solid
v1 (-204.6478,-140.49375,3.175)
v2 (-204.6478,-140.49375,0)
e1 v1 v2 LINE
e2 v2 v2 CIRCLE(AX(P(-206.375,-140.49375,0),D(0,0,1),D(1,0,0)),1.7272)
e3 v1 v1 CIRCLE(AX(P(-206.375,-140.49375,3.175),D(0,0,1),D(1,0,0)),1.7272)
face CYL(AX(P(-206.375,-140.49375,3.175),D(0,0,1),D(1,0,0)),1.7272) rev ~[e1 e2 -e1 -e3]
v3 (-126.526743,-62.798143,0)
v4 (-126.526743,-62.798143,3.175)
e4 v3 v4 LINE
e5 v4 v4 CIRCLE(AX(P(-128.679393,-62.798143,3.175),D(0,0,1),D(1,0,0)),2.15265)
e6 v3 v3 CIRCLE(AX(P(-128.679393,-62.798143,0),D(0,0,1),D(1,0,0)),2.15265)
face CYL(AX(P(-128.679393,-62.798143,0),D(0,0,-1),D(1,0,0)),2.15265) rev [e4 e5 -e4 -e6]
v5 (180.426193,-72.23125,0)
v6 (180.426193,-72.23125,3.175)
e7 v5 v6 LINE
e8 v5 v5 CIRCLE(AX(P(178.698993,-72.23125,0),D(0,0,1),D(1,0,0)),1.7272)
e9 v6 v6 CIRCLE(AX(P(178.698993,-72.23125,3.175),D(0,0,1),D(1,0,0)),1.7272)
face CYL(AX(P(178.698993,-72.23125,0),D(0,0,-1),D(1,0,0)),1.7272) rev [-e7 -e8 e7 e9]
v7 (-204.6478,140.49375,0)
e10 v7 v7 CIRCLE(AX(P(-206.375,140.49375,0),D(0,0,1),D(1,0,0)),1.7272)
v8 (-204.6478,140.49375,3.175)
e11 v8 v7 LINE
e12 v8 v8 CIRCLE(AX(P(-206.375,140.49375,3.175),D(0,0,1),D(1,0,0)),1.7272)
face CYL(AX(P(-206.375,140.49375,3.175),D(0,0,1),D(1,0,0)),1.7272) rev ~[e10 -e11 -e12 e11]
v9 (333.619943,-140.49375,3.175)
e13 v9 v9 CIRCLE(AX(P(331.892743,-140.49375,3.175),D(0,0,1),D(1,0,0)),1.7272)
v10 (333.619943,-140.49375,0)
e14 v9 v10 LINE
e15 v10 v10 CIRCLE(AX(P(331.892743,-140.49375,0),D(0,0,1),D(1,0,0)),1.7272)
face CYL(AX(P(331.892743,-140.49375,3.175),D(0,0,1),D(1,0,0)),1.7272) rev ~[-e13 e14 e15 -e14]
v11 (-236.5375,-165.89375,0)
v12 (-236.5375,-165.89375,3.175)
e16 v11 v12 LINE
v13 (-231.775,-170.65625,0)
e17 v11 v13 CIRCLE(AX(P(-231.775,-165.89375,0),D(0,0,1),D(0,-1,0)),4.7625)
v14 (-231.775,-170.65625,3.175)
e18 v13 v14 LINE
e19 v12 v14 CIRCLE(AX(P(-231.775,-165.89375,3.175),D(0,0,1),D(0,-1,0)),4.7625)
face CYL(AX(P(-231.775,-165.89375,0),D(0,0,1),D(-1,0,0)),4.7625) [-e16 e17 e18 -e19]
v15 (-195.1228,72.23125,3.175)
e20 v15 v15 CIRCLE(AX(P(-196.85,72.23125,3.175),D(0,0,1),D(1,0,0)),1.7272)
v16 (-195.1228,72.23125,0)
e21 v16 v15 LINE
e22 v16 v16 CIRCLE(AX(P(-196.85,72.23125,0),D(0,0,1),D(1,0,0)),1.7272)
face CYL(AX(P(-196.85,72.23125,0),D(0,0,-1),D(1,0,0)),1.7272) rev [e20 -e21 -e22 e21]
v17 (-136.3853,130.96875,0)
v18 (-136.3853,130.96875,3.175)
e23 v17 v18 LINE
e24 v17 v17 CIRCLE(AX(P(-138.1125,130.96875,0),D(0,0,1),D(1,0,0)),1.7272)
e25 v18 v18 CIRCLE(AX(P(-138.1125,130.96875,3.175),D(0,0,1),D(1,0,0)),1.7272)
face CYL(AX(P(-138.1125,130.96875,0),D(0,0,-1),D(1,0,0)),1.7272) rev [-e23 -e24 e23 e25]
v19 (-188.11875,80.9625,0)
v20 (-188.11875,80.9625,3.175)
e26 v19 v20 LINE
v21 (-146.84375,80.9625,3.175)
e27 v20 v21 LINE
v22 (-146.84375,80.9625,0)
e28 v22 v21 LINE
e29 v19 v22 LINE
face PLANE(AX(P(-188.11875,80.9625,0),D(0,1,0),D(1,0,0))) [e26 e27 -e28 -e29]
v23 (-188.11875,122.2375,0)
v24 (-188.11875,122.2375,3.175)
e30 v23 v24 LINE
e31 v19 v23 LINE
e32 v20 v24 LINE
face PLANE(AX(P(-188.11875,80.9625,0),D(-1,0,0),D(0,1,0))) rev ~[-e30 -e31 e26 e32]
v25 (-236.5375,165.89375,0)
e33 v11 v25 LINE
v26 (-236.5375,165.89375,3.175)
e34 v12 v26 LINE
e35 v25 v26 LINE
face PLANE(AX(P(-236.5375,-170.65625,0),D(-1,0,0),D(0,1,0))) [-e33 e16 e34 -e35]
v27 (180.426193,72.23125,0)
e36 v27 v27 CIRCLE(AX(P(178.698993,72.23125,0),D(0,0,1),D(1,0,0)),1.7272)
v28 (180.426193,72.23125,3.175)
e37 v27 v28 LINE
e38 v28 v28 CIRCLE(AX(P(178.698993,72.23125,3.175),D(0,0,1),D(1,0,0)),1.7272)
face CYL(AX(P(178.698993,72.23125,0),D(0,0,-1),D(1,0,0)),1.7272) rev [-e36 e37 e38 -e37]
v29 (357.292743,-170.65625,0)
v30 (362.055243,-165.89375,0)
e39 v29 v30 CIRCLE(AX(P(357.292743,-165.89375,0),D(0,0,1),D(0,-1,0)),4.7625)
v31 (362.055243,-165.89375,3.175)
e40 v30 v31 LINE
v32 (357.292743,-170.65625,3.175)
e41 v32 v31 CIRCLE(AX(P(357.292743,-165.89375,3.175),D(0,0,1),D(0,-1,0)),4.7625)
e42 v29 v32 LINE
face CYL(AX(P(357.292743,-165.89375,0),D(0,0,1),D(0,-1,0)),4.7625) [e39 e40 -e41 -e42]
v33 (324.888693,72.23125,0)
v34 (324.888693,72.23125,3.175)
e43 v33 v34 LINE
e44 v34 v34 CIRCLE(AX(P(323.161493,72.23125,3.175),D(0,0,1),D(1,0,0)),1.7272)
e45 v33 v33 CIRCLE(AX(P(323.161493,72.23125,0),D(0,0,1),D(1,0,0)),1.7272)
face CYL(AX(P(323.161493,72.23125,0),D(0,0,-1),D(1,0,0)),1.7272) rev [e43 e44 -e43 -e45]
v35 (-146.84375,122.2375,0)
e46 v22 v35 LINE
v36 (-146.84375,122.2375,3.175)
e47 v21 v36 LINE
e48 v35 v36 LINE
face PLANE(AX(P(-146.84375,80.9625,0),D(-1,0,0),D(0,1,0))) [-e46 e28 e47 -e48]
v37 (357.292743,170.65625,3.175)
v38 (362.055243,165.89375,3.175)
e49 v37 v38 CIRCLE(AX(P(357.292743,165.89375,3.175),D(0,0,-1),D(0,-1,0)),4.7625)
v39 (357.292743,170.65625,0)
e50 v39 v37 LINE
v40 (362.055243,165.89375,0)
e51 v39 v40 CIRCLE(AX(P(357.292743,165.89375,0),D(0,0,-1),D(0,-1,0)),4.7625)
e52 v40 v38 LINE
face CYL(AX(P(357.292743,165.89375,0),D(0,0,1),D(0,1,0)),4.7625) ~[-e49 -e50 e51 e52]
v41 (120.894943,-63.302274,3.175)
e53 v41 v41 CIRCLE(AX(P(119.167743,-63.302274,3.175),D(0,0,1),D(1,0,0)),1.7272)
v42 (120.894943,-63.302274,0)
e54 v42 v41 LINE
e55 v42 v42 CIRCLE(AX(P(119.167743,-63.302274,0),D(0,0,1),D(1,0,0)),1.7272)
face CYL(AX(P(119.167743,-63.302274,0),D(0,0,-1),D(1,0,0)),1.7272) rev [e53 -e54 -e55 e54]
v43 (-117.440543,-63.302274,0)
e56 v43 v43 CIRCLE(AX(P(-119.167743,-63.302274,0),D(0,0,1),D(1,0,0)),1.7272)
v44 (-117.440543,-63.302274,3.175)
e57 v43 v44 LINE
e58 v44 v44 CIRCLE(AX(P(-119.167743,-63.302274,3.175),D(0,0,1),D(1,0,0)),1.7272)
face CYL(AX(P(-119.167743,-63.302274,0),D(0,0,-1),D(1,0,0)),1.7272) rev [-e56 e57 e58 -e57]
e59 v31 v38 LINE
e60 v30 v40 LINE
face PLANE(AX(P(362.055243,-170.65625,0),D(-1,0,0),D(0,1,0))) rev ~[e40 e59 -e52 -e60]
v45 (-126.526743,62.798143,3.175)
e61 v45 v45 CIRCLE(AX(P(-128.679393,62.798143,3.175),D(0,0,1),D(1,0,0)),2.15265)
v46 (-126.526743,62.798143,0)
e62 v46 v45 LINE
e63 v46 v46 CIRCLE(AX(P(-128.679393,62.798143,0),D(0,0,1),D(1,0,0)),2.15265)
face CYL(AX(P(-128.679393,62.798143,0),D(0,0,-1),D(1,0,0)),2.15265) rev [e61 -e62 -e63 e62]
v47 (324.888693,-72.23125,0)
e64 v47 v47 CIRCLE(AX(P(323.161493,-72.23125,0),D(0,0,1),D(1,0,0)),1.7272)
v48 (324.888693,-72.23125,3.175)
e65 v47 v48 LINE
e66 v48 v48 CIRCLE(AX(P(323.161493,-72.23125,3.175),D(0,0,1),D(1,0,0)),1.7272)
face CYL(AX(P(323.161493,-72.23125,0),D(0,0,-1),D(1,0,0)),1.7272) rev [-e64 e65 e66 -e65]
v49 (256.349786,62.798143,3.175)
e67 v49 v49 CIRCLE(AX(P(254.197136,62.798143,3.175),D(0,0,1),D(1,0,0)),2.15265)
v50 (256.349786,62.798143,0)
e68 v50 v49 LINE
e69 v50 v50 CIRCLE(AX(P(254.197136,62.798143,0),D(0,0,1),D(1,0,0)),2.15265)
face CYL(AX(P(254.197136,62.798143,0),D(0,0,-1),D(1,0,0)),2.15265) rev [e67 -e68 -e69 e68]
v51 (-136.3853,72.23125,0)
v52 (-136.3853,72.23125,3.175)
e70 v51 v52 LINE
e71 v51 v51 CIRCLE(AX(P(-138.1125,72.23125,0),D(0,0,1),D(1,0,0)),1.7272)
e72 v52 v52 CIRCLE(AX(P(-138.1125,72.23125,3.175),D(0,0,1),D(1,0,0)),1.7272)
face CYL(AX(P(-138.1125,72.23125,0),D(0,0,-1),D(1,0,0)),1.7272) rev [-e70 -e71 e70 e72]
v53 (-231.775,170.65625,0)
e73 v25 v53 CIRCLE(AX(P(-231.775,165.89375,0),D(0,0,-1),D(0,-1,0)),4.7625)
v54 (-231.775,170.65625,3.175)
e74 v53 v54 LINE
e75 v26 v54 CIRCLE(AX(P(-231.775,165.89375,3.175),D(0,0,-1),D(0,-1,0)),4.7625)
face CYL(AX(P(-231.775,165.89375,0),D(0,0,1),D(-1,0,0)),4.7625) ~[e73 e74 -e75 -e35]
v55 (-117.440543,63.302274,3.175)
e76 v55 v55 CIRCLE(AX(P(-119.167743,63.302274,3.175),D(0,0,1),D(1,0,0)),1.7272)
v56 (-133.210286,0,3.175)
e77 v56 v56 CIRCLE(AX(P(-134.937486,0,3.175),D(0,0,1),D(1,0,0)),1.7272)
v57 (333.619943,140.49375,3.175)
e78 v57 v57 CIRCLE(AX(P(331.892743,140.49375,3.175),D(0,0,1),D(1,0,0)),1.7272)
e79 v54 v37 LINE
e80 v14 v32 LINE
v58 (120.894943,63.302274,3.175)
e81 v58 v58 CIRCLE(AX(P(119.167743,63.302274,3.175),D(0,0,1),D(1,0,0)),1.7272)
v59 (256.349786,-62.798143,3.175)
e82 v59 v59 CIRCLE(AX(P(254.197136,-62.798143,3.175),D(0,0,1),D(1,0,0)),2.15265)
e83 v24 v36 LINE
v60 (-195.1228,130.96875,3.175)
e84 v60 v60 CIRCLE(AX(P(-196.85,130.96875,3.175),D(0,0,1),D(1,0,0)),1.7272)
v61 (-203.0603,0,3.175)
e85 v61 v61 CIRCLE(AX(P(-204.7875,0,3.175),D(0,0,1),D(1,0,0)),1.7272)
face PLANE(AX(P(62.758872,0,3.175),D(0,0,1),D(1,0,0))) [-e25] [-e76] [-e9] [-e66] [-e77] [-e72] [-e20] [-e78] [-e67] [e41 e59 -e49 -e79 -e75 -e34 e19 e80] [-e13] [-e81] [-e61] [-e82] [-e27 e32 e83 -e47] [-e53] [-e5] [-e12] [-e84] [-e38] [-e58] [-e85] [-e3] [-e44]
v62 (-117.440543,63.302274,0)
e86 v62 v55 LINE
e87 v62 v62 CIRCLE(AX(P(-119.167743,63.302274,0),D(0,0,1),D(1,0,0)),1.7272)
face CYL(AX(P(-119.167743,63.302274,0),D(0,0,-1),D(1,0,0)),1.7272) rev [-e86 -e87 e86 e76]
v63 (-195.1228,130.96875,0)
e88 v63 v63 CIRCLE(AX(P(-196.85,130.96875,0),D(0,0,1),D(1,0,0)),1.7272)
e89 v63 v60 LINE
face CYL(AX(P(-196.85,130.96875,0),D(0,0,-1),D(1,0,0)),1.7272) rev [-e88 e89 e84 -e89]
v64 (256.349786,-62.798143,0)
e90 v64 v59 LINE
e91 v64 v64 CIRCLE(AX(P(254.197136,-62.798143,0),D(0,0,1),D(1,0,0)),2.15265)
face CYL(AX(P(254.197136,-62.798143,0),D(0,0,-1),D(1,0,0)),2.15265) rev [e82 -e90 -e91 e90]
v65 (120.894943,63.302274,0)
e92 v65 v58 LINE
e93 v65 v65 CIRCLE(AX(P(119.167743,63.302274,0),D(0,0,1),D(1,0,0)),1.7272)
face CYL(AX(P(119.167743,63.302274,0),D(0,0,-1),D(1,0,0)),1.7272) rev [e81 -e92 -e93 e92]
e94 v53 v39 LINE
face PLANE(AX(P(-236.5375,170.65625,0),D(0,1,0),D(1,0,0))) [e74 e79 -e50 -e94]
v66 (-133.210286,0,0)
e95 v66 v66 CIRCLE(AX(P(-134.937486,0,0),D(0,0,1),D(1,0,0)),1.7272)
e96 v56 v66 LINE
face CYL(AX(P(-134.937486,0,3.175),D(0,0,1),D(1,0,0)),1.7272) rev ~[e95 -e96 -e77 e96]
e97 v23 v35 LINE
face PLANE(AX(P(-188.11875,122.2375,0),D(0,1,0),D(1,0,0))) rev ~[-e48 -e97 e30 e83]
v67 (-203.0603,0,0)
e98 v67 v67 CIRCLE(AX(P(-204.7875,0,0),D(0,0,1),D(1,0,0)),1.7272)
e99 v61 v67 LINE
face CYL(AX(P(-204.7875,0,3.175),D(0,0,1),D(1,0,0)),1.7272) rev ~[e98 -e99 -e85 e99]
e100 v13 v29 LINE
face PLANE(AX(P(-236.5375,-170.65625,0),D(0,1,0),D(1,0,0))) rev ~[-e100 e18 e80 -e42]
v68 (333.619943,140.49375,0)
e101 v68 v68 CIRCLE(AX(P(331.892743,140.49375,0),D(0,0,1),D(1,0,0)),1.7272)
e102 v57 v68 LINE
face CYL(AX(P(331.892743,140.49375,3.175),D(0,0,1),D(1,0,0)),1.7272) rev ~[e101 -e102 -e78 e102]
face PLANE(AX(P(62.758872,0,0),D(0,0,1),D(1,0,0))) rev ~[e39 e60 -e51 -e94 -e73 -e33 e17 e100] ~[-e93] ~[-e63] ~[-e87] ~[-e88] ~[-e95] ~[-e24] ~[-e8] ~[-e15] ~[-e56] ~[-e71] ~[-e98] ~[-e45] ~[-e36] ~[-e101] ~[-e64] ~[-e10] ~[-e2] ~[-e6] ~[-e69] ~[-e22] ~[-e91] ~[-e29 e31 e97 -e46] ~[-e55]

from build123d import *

# Parameters (mm, degrees)
F0_W     = 598.5927433312
F0_H     = 341.3125
F0_R     = 2.15265
F0_R_2   = 1.7272
F0_W_2   = 41.275
F0_H_2   = 41.275
F1_DEPTH = 3.175
F3_R     = 4.7625
F2_R     = 1.7272
F4_DEPTH = 3.175
F5_R     = 1.7272
F6_DEPTH = 3.175


with BuildPart() as f1:
    # F0 (on Top) → F1 (new body)
    with BuildSketch(Plane.XY):
        with Locations((62.7588716656, 0)):
            Rectangle(F0_W, F0_H)
        with Locations((-128.6793928788, -62.7981428788)):
            Circle(F0_R, mode=Mode.SUBTRACT)
        with Locations((-119.1677433312, -63.3022737)):
            Circle(F0_R_2, mode=Mode.SUBTRACT)
        with Locations((119.1677433312, -63.3022737)):
            Circle(F0_R_2, mode=Mode.SUBTRACT)
        with Locations((178.6989933312, -72.23125)):
            Circle(F0_R_2, mode=Mode.SUBTRACT)
        with Locations((254.19713621, -62.7981428788)):
            Circle(F0_R, mode=Mode.SUBTRACT)
        with Locations((323.1614933312, -72.23125)):
            Circle(F0_R_2, mode=Mode.SUBTRACT)
        with Locations((-196.85, 72.23125)):
            Circle(F0_R_2, mode=Mode.SUBTRACT)
        with Locations((-128.6793928788, 62.7981428788)):
            Circle(F0_R, mode=Mode.SUBTRACT)
        with Locations((-119.1677433312, 63.3022737)):
            Circle(F0_R_2, mode=Mode.SUBTRACT)
        with Locations((-138.1125, 72.23125)):
            Circle(F0_R_2, mode=Mode.SUBTRACT)
        with Locations((-167.48125, 101.6)):
            Rectangle(F0_W_2, F0_H_2, mode=Mode.SUBTRACT)
        with Locations((-196.85, 130.96875)):
            Circle(F0_R_2, mode=Mode.SUBTRACT)
        with Locations((-138.1125, 130.96875)):
            Circle(F0_R_2, mode=Mode.SUBTRACT)
        with Locations((119.1677433312, 63.3022737)):
            Circle(F0_R_2, mode=Mode.SUBTRACT)
        with Locations((178.6989933312, 72.23125)):
            Circle(F0_R_2, mode=Mode.SUBTRACT)
        with Locations((254.19713621, 62.7981428788)):
            Circle(F0_R, mode=Mode.SUBTRACT)
        with Locations((323.1614933312, 72.23125)):
            Circle(F0_R_2, mode=Mode.SUBTRACT)
    extrude(amount=F1_DEPTH)

    # F3
    f3_edges = [f1.edges().sort_by_distance(p)[0] for p in [
        (362.055243, -170.65625, 1.5875),
        (-236.5375, -170.65625, 1.5875),
        (-236.5375, 170.65625, 1.5875),
        (362.055243, 170.65625, 1.5875),
    ]]
    fillet(f3_edges, radius=F3_R)

    # F2 (on face) → F4 (cut, through all)
    with BuildSketch(Plane.XY.offset(3.175)):
        with Locations((-206.375, -140.49375)):
            Circle(F2_R)
        with Locations((-206.375, 140.49375)):
            Circle(F2_R)
        with Locations((331.8927433312, 140.49375)):
            Circle(F2_R)
        with Locations((331.8927433312, -140.49375)):
            Circle(F2_R)
    extrude(amount=-F4_DEPTH, mode=Mode.SUBTRACT)

    # F5 (on face) → F6 (cut, through all)
    with BuildSketch(Plane.XY.offset(3.175)):
        with Locations((-134.9374857312, 0)):
            Circle(F5_R)
        with Locations((-204.7875, 0)):
            Circle(F5_R)
    extrude(amount=-F6_DEPTH, mode=Mode.SUBTRACT)


solid = f1.part
